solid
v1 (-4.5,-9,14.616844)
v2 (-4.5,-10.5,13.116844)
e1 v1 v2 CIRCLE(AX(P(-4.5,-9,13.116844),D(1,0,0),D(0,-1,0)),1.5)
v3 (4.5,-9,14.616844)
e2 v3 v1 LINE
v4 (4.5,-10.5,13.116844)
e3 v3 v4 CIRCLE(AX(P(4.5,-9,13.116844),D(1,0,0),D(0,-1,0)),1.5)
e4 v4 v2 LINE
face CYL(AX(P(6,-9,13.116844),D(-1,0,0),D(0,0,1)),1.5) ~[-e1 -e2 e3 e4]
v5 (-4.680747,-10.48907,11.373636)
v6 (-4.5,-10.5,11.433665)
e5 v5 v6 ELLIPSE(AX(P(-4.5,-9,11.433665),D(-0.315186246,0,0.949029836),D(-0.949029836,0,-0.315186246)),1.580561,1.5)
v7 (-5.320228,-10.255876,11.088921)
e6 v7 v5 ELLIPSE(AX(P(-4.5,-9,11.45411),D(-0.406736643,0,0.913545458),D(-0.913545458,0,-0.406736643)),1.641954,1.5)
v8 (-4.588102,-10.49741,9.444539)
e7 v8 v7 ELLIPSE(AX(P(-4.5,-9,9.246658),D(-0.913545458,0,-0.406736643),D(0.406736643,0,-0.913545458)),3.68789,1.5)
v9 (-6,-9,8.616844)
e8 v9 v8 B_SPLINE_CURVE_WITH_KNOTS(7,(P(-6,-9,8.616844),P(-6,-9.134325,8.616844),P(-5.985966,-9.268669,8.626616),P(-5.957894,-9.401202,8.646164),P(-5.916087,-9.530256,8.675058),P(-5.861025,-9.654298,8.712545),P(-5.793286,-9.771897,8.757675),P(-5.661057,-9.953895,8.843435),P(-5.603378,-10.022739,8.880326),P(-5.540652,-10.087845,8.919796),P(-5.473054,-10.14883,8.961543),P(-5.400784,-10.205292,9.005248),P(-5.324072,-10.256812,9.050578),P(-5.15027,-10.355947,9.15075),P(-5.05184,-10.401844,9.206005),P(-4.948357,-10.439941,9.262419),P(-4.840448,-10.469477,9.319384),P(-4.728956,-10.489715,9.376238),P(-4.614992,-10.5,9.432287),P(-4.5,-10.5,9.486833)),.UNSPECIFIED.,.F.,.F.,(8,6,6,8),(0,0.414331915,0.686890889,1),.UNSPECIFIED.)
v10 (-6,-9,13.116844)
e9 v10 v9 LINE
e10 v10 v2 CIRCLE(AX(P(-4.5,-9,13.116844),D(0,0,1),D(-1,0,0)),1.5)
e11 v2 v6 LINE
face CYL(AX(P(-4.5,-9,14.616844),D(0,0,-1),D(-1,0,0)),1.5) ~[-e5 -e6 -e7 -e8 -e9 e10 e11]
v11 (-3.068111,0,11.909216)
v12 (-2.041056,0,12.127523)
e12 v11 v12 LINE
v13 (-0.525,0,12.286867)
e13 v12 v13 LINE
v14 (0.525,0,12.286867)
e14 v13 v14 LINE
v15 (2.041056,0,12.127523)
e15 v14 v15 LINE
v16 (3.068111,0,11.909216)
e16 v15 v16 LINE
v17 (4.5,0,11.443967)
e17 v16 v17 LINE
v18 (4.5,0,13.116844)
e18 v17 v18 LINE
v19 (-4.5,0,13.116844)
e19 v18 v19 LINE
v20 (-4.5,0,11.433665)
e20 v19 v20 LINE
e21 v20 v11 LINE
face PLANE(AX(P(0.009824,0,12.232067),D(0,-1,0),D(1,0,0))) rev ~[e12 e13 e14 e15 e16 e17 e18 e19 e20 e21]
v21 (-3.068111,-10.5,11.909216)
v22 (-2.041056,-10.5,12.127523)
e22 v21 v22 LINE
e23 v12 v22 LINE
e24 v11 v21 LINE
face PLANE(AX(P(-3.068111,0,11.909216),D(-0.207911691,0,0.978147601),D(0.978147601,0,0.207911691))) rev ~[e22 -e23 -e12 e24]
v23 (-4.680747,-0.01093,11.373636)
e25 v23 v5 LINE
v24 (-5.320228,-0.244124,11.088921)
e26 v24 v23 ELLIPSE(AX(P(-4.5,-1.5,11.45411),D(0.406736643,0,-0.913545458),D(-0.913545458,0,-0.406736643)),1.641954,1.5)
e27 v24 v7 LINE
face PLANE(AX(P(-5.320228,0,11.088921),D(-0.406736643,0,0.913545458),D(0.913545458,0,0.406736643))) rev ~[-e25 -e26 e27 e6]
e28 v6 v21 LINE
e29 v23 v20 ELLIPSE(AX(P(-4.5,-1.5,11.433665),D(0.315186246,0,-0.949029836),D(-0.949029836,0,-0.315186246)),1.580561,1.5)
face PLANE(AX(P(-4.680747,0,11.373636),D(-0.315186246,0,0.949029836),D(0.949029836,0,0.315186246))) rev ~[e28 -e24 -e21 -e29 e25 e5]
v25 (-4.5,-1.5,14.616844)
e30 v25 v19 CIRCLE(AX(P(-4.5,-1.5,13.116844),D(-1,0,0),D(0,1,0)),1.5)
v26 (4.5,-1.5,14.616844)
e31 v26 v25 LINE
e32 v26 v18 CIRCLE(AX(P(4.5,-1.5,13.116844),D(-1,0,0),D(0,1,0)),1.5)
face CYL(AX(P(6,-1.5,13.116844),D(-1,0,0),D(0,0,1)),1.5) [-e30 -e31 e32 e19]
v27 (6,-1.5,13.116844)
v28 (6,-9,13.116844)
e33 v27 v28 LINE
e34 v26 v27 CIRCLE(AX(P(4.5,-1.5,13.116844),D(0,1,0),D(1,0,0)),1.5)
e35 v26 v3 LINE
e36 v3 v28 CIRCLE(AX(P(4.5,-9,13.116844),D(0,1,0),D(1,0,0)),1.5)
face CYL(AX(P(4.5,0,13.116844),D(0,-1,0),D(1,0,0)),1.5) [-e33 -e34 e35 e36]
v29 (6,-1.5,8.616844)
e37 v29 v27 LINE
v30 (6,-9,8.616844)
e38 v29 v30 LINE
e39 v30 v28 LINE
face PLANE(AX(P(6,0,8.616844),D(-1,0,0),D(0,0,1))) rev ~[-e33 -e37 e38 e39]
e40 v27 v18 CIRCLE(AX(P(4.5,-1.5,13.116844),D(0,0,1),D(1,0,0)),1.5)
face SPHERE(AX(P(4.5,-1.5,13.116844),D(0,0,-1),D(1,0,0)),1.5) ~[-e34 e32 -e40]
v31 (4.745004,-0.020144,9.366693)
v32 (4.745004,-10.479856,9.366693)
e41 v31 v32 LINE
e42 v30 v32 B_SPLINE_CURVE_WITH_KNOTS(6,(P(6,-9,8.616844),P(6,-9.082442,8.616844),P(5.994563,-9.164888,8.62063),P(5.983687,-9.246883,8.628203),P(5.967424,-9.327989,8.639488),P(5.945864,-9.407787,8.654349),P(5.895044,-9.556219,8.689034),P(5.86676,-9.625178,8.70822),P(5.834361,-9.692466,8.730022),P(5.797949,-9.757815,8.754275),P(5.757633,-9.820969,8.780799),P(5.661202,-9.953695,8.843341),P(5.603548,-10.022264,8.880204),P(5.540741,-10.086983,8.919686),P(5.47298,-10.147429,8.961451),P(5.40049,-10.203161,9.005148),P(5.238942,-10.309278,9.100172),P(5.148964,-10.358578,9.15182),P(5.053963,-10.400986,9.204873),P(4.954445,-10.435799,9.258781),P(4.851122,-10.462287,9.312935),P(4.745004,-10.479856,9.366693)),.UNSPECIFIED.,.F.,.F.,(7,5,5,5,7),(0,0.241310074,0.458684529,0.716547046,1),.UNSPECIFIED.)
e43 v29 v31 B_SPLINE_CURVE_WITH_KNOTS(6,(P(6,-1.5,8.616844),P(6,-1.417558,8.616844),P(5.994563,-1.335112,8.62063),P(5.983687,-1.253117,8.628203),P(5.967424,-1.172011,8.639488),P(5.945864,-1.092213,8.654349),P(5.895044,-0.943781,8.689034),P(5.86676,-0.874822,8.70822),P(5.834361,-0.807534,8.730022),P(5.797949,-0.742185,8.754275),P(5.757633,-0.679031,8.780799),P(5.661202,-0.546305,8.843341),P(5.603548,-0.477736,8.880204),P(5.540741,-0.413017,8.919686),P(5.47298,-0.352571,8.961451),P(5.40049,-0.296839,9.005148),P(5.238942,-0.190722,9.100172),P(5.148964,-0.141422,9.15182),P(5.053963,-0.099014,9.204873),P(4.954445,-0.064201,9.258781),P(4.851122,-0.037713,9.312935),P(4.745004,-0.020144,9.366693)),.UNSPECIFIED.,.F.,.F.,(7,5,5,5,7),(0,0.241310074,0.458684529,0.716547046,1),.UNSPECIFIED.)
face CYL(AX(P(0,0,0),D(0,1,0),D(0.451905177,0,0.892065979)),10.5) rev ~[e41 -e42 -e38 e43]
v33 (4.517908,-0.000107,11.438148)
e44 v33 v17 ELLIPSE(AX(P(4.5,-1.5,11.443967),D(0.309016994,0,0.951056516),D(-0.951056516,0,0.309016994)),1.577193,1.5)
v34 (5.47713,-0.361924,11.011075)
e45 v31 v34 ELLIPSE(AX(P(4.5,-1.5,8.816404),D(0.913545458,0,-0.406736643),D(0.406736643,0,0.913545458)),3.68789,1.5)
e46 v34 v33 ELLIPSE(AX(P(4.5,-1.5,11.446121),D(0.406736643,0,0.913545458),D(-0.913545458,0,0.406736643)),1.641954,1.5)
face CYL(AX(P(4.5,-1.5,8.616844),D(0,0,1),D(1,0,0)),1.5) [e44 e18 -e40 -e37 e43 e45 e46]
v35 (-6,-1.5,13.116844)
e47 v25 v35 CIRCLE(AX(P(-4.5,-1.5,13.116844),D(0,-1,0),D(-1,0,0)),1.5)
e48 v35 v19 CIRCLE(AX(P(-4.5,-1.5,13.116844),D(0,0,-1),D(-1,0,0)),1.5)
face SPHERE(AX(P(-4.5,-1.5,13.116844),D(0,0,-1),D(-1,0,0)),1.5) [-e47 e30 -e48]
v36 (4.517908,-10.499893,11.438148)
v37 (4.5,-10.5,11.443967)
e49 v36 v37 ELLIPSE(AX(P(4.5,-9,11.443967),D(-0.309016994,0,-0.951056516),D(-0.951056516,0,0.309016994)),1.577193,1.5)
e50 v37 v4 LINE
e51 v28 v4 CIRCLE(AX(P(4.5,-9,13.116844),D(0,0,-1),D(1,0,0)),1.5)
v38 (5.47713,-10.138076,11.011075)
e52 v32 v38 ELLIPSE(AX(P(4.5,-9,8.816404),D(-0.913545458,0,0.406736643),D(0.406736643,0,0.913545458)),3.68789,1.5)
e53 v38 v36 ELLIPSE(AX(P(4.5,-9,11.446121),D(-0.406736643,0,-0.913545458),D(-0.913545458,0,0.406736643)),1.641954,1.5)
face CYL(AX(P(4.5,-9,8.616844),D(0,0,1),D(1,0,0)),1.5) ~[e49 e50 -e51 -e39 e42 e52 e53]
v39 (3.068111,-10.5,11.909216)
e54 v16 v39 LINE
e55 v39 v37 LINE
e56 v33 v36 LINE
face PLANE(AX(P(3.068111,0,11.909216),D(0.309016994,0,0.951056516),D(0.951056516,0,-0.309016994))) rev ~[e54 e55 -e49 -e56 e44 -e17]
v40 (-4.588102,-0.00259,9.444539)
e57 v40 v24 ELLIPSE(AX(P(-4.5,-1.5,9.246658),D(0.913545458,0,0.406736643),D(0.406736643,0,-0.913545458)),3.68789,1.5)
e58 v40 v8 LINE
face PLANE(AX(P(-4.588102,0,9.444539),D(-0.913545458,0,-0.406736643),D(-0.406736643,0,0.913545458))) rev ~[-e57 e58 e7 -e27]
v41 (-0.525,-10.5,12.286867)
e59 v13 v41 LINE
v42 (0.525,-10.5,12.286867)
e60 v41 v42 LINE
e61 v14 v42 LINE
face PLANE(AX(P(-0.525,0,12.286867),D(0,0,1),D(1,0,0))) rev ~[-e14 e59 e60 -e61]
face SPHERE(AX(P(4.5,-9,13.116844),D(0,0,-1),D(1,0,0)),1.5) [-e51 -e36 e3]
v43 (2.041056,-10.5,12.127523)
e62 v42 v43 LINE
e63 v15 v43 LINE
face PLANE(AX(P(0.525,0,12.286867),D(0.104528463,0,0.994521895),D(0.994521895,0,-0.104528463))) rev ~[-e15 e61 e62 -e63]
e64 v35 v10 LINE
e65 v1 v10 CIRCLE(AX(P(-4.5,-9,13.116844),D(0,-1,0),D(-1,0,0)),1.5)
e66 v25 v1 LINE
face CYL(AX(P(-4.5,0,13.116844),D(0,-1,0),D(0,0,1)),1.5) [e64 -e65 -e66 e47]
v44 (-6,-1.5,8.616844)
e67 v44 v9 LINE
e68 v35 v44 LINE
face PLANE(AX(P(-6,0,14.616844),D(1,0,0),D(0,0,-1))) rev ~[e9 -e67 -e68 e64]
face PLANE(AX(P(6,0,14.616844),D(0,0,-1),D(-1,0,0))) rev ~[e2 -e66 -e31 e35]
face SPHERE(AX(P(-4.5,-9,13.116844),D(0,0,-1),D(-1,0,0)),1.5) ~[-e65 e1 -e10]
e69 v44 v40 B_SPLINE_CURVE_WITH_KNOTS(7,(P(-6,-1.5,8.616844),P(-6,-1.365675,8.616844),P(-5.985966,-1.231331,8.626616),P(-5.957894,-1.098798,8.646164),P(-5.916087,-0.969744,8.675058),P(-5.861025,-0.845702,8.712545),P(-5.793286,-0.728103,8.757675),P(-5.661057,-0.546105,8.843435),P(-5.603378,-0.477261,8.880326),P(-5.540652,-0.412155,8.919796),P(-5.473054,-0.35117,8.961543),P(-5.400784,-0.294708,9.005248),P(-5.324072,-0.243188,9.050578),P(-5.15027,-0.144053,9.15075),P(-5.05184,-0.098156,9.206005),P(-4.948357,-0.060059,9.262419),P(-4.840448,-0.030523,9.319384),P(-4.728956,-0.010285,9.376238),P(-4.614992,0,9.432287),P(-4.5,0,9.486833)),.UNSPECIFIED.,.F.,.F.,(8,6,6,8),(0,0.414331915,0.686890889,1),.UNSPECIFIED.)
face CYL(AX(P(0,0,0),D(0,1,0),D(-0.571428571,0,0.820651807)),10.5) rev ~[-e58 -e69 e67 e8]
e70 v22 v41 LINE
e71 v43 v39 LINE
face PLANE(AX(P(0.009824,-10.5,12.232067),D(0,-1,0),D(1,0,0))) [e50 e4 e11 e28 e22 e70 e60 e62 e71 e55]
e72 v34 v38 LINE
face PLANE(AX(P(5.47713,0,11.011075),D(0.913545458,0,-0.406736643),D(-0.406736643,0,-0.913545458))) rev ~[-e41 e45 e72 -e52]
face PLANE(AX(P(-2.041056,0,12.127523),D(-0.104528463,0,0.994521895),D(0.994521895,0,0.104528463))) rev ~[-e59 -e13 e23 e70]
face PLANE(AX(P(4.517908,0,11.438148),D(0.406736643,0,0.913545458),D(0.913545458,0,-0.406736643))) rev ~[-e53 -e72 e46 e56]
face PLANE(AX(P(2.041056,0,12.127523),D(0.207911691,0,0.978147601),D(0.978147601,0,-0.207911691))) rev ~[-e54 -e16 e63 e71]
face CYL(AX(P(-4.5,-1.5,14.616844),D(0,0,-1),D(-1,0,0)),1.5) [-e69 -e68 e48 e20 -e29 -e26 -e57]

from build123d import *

# Parameters (mm, degrees)
F2_DEPTH = 10.5
F3_R     = 1.5


with BuildPart() as f2:
    # F1 (on Front) → F2 (new body)
    with BuildSketch(Plane.XZ):
        with BuildLine():
            ThreePointArc((4.7450043584, 9.3666927802), (5.3855684914, 9.0136370032), (6, 8.6168439698))
            Line((6, 8.6168439698), (6, 14.6168439698))
            Line((6, 14.6168439698), (-6, 14.6168439698))
            Line((-6, 14.6168439698), (-6, 8.6168439698))
            ThreePointArc((-6, 8.6168439698), (-5.3102022299, 9.0582422289), (-4.5881023726, 9.4445389839))
            Line((-4.5881023726, 9.4445389839), (-5.3202283302, 11.0889208077))
            Line((-5.3202283302, 11.0889208077), (-4.6807465098, 11.3736364578))
            Line((-4.6807465098, 11.3736364578), (-3.0681107388, 11.9092156302))
            Line((-3.0681107388, 11.9092156302), (-2.0410557581, 12.1275229055))
            Line((-2.0410557581, 12.1275229055), (-0.525, 12.2868667866))
            Line((-0.525, 12.2868667866), (0.525, 12.2868667866))
            Line((0.525, 12.2868667866), (2.0410557581, 12.1275229055))
            Line((2.0410557581, 12.1275229055), (3.0681107388, 11.9092156302))
            Line((3.0681107388, 11.9092156302), (4.5179075854, 11.4381480792))
            Line((4.5179075854, 11.4381480792), (5.477130316, 11.0110746039))
            Line((5.477130316, 11.0110746039), (4.7450043584, 9.3666927802))
        make_face()
    extrude(amount=F2_DEPTH)

    # F3
    f3_edges = [f2.edges().sort_by_distance(p)[0] for p in [
        (-6, -10.5, 11.616844),
        (6, -10.5, 11.616844),
        (6, 0, 11.616844),
        (-6, 0, 11.616844),
        (6, -5.25, 14.616844),
        (-6, -5.25, 14.616844),
        (0, 0, 14.616844),
        (0, -10.5, 14.616844),
    ]]
    fillet(f3_edges, radius=F3_R)


solid = f2.part
